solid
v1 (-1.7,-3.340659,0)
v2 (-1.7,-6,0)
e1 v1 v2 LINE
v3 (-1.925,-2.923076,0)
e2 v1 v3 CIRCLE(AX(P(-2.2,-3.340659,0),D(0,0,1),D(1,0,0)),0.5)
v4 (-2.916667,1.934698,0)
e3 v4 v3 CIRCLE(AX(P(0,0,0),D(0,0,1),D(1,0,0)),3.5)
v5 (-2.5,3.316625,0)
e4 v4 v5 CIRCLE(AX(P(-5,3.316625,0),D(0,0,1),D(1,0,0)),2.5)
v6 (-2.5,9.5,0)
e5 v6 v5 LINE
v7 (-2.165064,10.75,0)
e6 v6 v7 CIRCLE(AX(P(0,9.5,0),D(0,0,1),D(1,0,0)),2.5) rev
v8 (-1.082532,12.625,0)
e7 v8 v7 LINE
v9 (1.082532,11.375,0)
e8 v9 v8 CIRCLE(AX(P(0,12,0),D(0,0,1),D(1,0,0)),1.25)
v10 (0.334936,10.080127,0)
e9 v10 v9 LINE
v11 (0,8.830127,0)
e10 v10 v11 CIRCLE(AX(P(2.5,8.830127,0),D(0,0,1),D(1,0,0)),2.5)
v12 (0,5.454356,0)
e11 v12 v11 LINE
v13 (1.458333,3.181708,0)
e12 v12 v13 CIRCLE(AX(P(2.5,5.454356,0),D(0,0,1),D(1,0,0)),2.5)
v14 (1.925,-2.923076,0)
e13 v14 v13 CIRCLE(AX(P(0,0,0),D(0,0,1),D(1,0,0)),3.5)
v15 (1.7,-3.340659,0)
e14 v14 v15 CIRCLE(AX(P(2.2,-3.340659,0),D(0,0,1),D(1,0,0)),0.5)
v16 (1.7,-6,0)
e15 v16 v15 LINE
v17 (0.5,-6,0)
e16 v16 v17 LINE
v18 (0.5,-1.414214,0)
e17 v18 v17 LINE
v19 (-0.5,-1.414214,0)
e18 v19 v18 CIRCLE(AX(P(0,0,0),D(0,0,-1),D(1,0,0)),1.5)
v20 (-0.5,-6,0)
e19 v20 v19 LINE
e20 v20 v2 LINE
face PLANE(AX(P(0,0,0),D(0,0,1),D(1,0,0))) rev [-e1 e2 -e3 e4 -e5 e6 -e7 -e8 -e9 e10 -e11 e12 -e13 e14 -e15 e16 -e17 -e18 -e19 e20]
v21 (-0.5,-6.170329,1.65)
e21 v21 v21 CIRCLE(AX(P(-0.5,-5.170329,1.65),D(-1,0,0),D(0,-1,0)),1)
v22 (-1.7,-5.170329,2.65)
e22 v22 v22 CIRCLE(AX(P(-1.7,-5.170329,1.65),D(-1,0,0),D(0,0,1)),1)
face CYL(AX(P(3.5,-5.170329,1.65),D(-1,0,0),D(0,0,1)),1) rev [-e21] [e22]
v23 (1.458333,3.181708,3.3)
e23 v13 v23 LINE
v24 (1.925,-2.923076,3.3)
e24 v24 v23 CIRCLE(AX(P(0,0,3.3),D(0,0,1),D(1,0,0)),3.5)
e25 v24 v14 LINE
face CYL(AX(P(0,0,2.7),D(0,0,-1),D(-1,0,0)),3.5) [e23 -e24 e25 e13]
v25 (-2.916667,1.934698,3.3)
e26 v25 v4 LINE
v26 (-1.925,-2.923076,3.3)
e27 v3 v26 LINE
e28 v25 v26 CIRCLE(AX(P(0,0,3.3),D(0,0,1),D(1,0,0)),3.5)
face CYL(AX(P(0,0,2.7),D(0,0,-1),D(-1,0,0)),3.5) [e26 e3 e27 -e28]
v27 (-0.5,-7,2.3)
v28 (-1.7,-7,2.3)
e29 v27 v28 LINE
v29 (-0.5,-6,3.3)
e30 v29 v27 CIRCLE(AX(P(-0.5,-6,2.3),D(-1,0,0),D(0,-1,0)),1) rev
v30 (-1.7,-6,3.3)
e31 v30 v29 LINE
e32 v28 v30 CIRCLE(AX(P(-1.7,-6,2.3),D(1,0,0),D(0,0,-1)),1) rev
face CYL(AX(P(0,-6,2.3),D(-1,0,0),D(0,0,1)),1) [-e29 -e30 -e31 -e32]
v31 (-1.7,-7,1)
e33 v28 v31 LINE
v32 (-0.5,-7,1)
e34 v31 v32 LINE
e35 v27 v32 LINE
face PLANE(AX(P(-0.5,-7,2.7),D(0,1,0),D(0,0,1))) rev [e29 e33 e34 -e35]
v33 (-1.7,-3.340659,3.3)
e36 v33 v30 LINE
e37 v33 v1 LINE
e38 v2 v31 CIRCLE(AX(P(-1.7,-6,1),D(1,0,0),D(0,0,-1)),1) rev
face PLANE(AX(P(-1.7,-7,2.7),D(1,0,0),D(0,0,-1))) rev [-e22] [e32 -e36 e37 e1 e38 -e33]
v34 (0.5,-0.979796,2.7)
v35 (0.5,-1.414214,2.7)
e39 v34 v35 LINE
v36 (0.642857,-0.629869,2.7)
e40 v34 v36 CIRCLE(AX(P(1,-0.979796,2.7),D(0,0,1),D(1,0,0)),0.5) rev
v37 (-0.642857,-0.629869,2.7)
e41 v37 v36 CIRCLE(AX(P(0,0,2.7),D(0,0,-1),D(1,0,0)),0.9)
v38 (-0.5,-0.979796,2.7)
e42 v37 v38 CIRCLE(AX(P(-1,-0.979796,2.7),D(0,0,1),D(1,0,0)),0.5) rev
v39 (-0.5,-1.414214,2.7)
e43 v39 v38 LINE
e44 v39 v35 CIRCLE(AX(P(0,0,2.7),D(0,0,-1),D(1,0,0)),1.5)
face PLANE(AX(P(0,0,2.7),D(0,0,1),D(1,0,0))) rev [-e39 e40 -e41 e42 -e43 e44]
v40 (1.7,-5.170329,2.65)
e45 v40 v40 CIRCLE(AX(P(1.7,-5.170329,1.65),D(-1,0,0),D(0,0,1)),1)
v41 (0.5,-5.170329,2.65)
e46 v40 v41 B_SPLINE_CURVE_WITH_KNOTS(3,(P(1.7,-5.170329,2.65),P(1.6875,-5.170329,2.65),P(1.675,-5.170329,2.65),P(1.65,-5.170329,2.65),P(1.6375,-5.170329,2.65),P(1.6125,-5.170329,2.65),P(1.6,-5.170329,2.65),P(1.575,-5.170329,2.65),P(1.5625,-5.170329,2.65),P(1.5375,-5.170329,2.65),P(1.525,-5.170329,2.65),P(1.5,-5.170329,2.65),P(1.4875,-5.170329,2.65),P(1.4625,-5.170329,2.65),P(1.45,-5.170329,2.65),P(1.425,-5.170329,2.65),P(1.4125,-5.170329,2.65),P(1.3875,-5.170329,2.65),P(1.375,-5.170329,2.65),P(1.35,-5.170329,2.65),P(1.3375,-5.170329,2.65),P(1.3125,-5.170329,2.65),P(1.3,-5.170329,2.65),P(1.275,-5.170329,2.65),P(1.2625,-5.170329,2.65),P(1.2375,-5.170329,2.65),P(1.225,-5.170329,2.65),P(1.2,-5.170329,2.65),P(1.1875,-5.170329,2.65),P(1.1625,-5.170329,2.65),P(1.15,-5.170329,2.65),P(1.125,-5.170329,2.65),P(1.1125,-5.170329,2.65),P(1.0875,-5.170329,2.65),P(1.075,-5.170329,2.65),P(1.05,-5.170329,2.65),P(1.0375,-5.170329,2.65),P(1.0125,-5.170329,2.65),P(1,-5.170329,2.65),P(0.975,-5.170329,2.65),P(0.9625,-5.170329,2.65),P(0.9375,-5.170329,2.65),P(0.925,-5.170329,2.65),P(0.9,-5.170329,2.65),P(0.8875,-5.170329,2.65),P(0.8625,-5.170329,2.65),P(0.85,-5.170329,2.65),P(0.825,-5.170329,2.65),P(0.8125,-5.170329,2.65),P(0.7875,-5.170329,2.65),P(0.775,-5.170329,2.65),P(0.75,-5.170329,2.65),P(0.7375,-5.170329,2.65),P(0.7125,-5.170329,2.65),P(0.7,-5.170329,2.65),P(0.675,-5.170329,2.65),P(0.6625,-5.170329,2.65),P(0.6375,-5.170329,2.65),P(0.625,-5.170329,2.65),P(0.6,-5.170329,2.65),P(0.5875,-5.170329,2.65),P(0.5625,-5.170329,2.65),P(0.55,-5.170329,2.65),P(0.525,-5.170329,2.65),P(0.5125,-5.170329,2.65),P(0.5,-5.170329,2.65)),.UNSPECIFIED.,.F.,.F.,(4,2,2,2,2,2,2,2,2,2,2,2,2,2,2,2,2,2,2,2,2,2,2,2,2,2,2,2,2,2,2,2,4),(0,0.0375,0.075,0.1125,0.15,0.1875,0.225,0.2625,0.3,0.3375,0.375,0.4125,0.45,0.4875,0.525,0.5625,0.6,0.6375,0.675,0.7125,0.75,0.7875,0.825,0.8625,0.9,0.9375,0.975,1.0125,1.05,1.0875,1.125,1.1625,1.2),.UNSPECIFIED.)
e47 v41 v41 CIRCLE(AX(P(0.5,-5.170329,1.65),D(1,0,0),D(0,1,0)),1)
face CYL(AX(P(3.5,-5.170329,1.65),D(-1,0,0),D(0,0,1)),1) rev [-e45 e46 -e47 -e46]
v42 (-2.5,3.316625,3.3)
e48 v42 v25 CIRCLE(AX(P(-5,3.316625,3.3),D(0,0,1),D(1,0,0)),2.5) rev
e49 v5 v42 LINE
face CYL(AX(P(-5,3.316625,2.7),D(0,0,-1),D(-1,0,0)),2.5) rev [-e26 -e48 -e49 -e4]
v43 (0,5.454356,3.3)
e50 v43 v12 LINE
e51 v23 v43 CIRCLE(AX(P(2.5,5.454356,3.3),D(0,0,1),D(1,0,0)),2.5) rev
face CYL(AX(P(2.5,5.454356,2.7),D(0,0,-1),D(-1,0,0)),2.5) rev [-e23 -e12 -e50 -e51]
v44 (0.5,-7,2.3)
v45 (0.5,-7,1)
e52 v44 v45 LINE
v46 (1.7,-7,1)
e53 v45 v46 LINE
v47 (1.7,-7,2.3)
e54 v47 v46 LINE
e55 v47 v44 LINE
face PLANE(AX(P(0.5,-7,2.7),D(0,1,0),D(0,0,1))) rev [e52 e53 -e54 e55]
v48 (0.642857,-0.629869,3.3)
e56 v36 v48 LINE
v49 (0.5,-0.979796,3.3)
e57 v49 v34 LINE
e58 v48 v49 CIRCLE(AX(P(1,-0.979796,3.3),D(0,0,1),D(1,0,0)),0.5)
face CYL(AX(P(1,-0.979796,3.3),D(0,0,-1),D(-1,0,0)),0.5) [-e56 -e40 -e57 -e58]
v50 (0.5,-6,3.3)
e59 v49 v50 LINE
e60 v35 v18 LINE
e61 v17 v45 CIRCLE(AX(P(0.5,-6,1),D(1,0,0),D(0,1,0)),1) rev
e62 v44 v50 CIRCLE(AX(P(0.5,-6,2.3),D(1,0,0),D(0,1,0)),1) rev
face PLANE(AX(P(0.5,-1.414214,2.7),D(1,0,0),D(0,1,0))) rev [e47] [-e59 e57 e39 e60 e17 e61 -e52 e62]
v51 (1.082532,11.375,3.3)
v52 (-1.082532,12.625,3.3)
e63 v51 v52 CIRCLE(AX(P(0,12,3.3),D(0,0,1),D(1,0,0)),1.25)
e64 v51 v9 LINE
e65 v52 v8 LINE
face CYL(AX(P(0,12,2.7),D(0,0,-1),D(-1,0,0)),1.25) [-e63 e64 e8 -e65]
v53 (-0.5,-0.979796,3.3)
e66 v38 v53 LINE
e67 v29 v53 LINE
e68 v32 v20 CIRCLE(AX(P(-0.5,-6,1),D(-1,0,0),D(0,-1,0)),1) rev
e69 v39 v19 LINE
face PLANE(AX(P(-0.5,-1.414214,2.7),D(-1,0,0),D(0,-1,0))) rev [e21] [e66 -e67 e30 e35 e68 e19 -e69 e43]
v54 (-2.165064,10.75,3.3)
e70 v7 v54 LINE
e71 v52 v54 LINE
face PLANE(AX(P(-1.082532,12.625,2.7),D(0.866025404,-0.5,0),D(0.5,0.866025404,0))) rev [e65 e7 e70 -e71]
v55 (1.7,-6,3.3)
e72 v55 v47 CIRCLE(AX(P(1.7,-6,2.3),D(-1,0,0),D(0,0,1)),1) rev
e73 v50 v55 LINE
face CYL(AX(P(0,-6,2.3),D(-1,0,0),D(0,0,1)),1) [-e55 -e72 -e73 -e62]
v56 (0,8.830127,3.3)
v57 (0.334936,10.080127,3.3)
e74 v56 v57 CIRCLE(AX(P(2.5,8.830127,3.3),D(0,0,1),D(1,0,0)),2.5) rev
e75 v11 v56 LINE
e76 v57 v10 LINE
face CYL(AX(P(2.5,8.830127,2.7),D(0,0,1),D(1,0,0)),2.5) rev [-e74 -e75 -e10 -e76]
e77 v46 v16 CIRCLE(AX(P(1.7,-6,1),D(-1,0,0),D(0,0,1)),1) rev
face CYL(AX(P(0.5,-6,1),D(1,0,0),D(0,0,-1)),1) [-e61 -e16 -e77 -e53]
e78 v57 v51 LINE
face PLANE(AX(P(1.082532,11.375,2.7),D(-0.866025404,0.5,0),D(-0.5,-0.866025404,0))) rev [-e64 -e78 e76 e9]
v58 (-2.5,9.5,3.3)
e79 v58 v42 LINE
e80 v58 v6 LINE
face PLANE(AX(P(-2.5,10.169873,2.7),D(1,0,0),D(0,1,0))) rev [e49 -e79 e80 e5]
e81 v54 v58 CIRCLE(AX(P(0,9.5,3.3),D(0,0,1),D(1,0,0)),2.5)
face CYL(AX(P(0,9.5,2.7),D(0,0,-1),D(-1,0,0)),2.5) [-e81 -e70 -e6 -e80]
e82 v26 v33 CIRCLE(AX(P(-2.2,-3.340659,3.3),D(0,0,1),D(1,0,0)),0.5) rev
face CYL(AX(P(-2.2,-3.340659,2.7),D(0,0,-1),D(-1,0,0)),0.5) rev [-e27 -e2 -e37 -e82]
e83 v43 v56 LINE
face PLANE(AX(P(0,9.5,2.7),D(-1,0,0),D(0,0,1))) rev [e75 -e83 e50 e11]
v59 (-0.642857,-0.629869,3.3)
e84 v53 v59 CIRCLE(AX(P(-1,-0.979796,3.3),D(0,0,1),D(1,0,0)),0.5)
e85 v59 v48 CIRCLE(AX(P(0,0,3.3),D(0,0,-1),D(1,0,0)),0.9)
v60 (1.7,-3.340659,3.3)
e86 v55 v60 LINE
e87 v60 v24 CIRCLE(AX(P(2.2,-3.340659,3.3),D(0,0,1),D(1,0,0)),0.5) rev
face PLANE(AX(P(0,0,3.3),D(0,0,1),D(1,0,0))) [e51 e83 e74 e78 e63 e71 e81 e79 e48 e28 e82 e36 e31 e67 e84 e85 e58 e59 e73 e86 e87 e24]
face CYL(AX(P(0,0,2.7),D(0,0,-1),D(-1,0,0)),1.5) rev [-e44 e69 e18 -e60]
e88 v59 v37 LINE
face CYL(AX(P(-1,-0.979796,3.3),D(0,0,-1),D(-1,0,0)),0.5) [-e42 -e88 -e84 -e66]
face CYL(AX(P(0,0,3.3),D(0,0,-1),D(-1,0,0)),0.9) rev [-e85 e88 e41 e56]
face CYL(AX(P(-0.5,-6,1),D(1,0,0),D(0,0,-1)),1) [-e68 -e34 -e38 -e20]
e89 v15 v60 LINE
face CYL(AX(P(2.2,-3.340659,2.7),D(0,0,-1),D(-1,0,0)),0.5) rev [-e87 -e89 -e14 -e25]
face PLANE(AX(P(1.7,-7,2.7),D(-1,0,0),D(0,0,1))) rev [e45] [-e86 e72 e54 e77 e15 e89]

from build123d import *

# Parameters (mm, degrees)
BOSS_EXTRUDE1_DEPTH = 2.7
BOSS_EXTRUDE2_DEPTH = 0.6
FILLET1_R           = 0.5
FILLET2_R           = 2.5
FILLET3_R           = 0.5
FILLET4_R           = 1
SKETCH3_R           = 1
CUT_EXTRUDE1_DEPTH  = 15.611382549


with BuildPart() as part:
    # Sketch1 → Boss-Extrude1 (new body)
    with BuildSketch(Plane.XY):
        with BuildLine():
            Line((-1.082531755, 12.625), (-2.5, 10.169872981))
            Line((-2.5, 10.169872981), (-2.5, 2.449489743))
            ThreePointArc((-2.5, 2.449489743), (-3.463668402, -0.502992247), (-1.7, -3.059411708))
            Line((-1.7, -3.059411708), (-1.7, -7))
            Line((-1.7, -7), (-0.5, -7))
            Line((-0.5, -7), (-0.5, -1.414213562))
            ThreePointArc((-0.5, -1.414213562), (0, 1.5), (0.5, -1.414213562))
            Line((0.5, -1.414213562), (0.5, -7))
            Line((0.5, -7), (1.7, -7))
            Line((1.7, -7), (1.7, -3.059411708))
            ThreePointArc((1.7, -3.059411708), (3.388062941, 0.878082861), (0, 3.5))
            Line((0, 3.5), (0, 9.5))
            Line((0, 9.5), (1.082531755, 11.375))
            ThreePointArc((1.082531755, 11.375), (0.625, 13.082531755), (-1.082531755, 12.625))
        make_face()
    extrude(amount=BOSS_EXTRUDE1_DEPTH)

    # Sketch2 → Boss-Extrude2 (add)
    with BuildSketch(Plane.XY.offset(2.7)):
        with BuildLine():
            Line((0.5, -0.748331477), (0.5, -7))
            Line((0.5, -7), (1.7, -7))
            Line((1.7, -7), (1.7, -3.059411708))
            ThreePointArc((1.7, -3.059411708), (3.388062941, 0.878082861), (0, 3.5))
            Line((0, 3.5), (0, 9.5))
            Line((0, 9.5), (1.082531755, 11.375))
            ThreePointArc((1.082531755, 11.375), (0.625, 13.082531755), (-1.082531755, 12.625))
            Line((-1.082531755, 12.625), (-2.5, 10.169872981))
            Line((-2.5, 10.169872981), (-2.5, 2.449489743))
            ThreePointArc((-2.5, 2.449489743), (-3.463668402, -0.502992247), (-1.7, -3.059411708))
            Line((-1.7, -3.059411708), (-1.7, -7))
            Line((-1.7, -7), (-0.5, -7))
            Line((-0.5, -7), (-0.5, -0.748331477))
            ThreePointArc((-0.5, -0.748331477), (0, 0.9), (0.5, -0.748331477))
        make_face()
    extrude(amount=BOSS_EXTRUDE2_DEPTH)

    # Fillet1
    fillet1_edges = [part.edges().sort_by_distance(p)[0] for p in [
        (-0.5, -0.748331477, 3),
        (0.5, -0.748331477, 3),
    ]]
    fillet(fillet1_edges, radius=FILLET1_R)

    # Fillet2
    fillet2_edges = [part.edges().sort_by_distance(p)[0] for p in [
        (-2.5, 2.449489743, 1.65),
        (-2.5, 10.169872981, 1.65),
        (0, 9.5, 1.65),
        (0, 3.5, 1.65),
    ]]
    fillet(fillet2_edges, radius=FILLET2_R)

    # Fillet3
    fillet3_edges = [part.edges().sort_by_distance(p)[0] for p in [
        (-1.7, -3.059411708, 1.65),
        (1.7, -3.059411708, 1.65),
    ]]
    fillet(fillet3_edges, radius=FILLET3_R)

    # Fillet4
    fillet4_edges = [part.edges().sort_by_distance(p)[0] for p in [
        (-1.1, -7, 0),
        (1.1, -7, 0),
        (1.1, -7, 3.3),
        (-1.1, -7, 3.3),
    ]]
    fillet(fillet4_edges, radius=FILLET4_R)

    # Sketch3 → Cut-Extrude1 (cut, through all)
    with BuildSketch(Plane.ZY.offset(1.7)):
        with Locations((1.65, -5.170329309)):
            Circle(SKETCH3_R)
    extrude(amount=-CUT_EXTRUDE1_DEPTH, mode=Mode.SUBTRACT)


solid = part.part
